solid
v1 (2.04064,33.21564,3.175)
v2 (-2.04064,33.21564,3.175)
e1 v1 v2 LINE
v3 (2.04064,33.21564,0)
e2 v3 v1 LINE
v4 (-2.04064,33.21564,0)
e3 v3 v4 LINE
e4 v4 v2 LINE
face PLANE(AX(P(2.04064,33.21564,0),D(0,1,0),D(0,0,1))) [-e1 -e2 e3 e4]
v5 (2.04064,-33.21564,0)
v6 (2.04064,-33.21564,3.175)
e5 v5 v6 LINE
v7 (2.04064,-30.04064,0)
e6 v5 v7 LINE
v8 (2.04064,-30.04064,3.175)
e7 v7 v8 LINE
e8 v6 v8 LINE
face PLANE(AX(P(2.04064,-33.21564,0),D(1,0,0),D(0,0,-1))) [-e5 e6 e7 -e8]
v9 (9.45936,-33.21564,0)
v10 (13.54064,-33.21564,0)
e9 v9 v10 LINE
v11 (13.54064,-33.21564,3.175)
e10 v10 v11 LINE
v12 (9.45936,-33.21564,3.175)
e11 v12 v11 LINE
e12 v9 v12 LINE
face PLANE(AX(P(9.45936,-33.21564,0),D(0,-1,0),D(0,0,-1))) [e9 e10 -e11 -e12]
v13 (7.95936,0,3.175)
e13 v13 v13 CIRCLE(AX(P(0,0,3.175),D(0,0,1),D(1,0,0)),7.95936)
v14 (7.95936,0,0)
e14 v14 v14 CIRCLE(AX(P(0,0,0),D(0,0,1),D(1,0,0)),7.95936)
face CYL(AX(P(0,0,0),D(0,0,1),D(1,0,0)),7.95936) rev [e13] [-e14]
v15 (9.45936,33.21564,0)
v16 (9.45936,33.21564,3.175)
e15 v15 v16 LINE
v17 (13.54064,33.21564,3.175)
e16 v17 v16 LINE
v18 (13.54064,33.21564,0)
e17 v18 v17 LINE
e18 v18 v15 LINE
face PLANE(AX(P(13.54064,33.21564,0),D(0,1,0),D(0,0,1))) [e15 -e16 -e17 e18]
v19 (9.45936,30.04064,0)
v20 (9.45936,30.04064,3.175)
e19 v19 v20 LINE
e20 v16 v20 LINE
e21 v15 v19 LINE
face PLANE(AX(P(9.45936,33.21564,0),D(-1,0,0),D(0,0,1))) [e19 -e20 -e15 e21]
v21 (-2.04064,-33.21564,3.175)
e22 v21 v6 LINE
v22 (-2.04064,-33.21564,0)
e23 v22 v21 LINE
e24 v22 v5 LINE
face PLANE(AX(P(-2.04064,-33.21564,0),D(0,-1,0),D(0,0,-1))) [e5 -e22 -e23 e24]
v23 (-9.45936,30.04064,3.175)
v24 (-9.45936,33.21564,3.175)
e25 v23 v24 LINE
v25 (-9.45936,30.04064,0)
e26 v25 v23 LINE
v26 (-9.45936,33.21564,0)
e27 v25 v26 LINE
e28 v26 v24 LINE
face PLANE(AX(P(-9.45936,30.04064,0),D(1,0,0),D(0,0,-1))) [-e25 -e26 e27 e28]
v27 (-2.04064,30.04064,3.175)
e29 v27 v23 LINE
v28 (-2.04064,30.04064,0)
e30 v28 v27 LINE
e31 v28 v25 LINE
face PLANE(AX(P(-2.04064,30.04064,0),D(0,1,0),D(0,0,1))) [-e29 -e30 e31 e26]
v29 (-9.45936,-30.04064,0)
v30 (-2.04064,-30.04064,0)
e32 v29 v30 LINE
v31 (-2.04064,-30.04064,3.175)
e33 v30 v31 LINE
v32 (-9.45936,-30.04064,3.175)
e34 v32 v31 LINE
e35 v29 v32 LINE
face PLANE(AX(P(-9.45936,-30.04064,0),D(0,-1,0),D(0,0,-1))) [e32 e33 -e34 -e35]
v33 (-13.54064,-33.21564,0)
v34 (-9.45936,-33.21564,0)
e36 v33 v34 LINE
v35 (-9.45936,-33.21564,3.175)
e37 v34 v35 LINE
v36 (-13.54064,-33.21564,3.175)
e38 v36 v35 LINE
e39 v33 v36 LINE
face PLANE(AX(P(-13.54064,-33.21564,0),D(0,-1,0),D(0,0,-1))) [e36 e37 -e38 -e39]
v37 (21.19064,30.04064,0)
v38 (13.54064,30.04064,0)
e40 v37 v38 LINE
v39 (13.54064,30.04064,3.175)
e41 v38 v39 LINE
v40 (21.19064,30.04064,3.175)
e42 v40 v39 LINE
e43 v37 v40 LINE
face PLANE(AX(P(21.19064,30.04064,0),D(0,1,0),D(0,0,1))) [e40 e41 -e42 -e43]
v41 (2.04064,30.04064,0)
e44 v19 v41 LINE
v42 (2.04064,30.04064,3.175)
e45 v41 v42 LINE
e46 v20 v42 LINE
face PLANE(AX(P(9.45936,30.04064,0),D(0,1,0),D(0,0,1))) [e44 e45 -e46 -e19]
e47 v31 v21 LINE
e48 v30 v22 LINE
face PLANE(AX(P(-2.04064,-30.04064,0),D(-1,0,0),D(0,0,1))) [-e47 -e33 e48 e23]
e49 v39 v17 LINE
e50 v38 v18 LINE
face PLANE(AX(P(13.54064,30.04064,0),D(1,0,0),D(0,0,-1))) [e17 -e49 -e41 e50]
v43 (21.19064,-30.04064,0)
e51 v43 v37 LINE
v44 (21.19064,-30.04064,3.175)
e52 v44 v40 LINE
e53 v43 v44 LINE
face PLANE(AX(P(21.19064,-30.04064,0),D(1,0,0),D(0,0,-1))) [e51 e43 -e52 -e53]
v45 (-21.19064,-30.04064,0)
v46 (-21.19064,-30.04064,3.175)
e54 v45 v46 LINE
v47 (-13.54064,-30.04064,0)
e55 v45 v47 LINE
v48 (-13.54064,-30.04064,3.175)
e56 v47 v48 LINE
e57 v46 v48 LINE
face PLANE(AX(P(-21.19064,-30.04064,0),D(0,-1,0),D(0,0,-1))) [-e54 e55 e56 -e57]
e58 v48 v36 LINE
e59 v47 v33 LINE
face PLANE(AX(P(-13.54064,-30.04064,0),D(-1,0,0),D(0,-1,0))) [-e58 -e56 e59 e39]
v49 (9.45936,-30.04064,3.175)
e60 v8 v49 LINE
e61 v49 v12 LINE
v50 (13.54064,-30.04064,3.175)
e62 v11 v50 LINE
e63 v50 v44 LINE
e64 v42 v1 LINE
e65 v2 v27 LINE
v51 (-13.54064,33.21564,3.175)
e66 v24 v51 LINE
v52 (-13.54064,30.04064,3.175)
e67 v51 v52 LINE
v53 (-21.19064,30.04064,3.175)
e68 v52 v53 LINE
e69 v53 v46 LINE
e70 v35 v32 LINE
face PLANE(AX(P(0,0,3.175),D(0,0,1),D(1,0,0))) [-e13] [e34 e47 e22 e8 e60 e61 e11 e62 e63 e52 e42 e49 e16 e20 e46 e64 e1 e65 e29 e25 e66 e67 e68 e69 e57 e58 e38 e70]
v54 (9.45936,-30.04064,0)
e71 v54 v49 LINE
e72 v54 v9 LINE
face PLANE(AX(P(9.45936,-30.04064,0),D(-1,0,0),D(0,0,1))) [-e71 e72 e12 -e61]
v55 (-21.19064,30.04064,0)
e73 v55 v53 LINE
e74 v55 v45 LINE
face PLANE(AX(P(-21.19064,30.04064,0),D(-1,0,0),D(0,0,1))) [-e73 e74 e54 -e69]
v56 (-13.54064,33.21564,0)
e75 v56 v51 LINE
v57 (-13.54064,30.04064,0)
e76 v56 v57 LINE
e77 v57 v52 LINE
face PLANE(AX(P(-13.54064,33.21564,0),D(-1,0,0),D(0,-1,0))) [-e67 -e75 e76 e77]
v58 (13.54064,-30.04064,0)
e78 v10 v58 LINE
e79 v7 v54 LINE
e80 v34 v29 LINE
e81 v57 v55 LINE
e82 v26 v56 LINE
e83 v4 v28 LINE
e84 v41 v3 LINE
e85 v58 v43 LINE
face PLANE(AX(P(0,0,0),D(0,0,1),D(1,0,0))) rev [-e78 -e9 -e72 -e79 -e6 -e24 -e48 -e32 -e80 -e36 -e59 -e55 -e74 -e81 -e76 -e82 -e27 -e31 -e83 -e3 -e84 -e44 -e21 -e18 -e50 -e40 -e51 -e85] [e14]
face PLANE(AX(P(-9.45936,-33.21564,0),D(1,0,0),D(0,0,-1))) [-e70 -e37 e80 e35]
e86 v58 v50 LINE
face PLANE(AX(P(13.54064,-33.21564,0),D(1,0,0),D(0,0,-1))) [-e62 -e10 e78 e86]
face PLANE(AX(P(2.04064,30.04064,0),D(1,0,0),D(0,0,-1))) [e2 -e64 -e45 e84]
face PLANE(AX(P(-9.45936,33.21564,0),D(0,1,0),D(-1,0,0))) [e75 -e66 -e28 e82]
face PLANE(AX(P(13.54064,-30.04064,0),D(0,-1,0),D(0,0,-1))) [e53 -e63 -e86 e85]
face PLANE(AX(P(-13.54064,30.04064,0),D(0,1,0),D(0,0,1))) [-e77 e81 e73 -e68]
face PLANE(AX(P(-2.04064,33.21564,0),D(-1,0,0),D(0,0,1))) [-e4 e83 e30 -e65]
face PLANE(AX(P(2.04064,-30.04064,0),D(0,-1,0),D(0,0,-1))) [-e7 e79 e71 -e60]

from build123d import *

# Parameters (mm, degrees)
SKETCH1_R           = 8
BOSS_EXTRUDE1_DEPTH = 3.175
SKETCH2_R           = 7.95936
BOSS_EXTRUDE3_DEPTH = 3.175


with BuildPart() as part:
    # Sketch1 → Boss-Extrude1 (new body)
    with BuildSketch(Plane.XY):
        Polygon((-13.5, 30), (-21.15, 30), (-21.15, -30), (-13.5, -30), (-13.5, -33.175), (-9.5, -33.175), (-9.5, -30), (-2, -30), (-2, -33.175), (2, -33.175), (2, -30), (9.5, -30), (9.5, -33.175), (13.5, -33.175), (13.5, -30), (21.15, -30), (21.15, 30), (13.5, 30), (13.5, 33.175), (9.5, 33.175), (9.5, 30), (2, 30), (2, 33.175), (-2, 33.175), (-2, 30), (-9.5, 30), (-9.5, 33.175), (-13.5, 33.175), align=None)
        Circle(SKETCH1_R, mode=Mode.SUBTRACT)
    extrude(amount=BOSS_EXTRUDE1_DEPTH)

    # Sketch2 → Boss-Extrude3 (add)
    with BuildSketch(Plane.XY.offset(3.175)):
        Polygon((21.19064, -30.04064), (21.19064, 30.04064), (13.54064, 30.04064), (13.54064, 33.21564), (9.45936, 33.21564), (9.45936, 30.04064), (2.04064, 30.04064), (2.04064, 33.21564), (-2.04064, 33.21564), (-2.04064, 30.04064), (-9.45936, 30.04064), (-9.45936, 33.21564), (-13.54064, 33.21564), (-13.54064, 30.04064), (-21.19064, 30.04064), (-21.19064, -30.04064), (-13.54064, -30.04064), (-13.54064, -33.21564), (-9.45936, -33.21564), (-9.45936, -30.04064), (-2.04064, -30.04064), (-2.04064, -33.21564), (2.04064, -33.21564), (2.04064, -30.04064), (9.45936, -30.04064), (9.45936, -33.21564), (13.54064, -33.21564), (13.54064, -30.04064), align=None)
        Circle(SKETCH2_R, mode=Mode.SUBTRACT)
    extrude(amount=-BOSS_EXTRUDE3_DEPTH)


solid = part.part
